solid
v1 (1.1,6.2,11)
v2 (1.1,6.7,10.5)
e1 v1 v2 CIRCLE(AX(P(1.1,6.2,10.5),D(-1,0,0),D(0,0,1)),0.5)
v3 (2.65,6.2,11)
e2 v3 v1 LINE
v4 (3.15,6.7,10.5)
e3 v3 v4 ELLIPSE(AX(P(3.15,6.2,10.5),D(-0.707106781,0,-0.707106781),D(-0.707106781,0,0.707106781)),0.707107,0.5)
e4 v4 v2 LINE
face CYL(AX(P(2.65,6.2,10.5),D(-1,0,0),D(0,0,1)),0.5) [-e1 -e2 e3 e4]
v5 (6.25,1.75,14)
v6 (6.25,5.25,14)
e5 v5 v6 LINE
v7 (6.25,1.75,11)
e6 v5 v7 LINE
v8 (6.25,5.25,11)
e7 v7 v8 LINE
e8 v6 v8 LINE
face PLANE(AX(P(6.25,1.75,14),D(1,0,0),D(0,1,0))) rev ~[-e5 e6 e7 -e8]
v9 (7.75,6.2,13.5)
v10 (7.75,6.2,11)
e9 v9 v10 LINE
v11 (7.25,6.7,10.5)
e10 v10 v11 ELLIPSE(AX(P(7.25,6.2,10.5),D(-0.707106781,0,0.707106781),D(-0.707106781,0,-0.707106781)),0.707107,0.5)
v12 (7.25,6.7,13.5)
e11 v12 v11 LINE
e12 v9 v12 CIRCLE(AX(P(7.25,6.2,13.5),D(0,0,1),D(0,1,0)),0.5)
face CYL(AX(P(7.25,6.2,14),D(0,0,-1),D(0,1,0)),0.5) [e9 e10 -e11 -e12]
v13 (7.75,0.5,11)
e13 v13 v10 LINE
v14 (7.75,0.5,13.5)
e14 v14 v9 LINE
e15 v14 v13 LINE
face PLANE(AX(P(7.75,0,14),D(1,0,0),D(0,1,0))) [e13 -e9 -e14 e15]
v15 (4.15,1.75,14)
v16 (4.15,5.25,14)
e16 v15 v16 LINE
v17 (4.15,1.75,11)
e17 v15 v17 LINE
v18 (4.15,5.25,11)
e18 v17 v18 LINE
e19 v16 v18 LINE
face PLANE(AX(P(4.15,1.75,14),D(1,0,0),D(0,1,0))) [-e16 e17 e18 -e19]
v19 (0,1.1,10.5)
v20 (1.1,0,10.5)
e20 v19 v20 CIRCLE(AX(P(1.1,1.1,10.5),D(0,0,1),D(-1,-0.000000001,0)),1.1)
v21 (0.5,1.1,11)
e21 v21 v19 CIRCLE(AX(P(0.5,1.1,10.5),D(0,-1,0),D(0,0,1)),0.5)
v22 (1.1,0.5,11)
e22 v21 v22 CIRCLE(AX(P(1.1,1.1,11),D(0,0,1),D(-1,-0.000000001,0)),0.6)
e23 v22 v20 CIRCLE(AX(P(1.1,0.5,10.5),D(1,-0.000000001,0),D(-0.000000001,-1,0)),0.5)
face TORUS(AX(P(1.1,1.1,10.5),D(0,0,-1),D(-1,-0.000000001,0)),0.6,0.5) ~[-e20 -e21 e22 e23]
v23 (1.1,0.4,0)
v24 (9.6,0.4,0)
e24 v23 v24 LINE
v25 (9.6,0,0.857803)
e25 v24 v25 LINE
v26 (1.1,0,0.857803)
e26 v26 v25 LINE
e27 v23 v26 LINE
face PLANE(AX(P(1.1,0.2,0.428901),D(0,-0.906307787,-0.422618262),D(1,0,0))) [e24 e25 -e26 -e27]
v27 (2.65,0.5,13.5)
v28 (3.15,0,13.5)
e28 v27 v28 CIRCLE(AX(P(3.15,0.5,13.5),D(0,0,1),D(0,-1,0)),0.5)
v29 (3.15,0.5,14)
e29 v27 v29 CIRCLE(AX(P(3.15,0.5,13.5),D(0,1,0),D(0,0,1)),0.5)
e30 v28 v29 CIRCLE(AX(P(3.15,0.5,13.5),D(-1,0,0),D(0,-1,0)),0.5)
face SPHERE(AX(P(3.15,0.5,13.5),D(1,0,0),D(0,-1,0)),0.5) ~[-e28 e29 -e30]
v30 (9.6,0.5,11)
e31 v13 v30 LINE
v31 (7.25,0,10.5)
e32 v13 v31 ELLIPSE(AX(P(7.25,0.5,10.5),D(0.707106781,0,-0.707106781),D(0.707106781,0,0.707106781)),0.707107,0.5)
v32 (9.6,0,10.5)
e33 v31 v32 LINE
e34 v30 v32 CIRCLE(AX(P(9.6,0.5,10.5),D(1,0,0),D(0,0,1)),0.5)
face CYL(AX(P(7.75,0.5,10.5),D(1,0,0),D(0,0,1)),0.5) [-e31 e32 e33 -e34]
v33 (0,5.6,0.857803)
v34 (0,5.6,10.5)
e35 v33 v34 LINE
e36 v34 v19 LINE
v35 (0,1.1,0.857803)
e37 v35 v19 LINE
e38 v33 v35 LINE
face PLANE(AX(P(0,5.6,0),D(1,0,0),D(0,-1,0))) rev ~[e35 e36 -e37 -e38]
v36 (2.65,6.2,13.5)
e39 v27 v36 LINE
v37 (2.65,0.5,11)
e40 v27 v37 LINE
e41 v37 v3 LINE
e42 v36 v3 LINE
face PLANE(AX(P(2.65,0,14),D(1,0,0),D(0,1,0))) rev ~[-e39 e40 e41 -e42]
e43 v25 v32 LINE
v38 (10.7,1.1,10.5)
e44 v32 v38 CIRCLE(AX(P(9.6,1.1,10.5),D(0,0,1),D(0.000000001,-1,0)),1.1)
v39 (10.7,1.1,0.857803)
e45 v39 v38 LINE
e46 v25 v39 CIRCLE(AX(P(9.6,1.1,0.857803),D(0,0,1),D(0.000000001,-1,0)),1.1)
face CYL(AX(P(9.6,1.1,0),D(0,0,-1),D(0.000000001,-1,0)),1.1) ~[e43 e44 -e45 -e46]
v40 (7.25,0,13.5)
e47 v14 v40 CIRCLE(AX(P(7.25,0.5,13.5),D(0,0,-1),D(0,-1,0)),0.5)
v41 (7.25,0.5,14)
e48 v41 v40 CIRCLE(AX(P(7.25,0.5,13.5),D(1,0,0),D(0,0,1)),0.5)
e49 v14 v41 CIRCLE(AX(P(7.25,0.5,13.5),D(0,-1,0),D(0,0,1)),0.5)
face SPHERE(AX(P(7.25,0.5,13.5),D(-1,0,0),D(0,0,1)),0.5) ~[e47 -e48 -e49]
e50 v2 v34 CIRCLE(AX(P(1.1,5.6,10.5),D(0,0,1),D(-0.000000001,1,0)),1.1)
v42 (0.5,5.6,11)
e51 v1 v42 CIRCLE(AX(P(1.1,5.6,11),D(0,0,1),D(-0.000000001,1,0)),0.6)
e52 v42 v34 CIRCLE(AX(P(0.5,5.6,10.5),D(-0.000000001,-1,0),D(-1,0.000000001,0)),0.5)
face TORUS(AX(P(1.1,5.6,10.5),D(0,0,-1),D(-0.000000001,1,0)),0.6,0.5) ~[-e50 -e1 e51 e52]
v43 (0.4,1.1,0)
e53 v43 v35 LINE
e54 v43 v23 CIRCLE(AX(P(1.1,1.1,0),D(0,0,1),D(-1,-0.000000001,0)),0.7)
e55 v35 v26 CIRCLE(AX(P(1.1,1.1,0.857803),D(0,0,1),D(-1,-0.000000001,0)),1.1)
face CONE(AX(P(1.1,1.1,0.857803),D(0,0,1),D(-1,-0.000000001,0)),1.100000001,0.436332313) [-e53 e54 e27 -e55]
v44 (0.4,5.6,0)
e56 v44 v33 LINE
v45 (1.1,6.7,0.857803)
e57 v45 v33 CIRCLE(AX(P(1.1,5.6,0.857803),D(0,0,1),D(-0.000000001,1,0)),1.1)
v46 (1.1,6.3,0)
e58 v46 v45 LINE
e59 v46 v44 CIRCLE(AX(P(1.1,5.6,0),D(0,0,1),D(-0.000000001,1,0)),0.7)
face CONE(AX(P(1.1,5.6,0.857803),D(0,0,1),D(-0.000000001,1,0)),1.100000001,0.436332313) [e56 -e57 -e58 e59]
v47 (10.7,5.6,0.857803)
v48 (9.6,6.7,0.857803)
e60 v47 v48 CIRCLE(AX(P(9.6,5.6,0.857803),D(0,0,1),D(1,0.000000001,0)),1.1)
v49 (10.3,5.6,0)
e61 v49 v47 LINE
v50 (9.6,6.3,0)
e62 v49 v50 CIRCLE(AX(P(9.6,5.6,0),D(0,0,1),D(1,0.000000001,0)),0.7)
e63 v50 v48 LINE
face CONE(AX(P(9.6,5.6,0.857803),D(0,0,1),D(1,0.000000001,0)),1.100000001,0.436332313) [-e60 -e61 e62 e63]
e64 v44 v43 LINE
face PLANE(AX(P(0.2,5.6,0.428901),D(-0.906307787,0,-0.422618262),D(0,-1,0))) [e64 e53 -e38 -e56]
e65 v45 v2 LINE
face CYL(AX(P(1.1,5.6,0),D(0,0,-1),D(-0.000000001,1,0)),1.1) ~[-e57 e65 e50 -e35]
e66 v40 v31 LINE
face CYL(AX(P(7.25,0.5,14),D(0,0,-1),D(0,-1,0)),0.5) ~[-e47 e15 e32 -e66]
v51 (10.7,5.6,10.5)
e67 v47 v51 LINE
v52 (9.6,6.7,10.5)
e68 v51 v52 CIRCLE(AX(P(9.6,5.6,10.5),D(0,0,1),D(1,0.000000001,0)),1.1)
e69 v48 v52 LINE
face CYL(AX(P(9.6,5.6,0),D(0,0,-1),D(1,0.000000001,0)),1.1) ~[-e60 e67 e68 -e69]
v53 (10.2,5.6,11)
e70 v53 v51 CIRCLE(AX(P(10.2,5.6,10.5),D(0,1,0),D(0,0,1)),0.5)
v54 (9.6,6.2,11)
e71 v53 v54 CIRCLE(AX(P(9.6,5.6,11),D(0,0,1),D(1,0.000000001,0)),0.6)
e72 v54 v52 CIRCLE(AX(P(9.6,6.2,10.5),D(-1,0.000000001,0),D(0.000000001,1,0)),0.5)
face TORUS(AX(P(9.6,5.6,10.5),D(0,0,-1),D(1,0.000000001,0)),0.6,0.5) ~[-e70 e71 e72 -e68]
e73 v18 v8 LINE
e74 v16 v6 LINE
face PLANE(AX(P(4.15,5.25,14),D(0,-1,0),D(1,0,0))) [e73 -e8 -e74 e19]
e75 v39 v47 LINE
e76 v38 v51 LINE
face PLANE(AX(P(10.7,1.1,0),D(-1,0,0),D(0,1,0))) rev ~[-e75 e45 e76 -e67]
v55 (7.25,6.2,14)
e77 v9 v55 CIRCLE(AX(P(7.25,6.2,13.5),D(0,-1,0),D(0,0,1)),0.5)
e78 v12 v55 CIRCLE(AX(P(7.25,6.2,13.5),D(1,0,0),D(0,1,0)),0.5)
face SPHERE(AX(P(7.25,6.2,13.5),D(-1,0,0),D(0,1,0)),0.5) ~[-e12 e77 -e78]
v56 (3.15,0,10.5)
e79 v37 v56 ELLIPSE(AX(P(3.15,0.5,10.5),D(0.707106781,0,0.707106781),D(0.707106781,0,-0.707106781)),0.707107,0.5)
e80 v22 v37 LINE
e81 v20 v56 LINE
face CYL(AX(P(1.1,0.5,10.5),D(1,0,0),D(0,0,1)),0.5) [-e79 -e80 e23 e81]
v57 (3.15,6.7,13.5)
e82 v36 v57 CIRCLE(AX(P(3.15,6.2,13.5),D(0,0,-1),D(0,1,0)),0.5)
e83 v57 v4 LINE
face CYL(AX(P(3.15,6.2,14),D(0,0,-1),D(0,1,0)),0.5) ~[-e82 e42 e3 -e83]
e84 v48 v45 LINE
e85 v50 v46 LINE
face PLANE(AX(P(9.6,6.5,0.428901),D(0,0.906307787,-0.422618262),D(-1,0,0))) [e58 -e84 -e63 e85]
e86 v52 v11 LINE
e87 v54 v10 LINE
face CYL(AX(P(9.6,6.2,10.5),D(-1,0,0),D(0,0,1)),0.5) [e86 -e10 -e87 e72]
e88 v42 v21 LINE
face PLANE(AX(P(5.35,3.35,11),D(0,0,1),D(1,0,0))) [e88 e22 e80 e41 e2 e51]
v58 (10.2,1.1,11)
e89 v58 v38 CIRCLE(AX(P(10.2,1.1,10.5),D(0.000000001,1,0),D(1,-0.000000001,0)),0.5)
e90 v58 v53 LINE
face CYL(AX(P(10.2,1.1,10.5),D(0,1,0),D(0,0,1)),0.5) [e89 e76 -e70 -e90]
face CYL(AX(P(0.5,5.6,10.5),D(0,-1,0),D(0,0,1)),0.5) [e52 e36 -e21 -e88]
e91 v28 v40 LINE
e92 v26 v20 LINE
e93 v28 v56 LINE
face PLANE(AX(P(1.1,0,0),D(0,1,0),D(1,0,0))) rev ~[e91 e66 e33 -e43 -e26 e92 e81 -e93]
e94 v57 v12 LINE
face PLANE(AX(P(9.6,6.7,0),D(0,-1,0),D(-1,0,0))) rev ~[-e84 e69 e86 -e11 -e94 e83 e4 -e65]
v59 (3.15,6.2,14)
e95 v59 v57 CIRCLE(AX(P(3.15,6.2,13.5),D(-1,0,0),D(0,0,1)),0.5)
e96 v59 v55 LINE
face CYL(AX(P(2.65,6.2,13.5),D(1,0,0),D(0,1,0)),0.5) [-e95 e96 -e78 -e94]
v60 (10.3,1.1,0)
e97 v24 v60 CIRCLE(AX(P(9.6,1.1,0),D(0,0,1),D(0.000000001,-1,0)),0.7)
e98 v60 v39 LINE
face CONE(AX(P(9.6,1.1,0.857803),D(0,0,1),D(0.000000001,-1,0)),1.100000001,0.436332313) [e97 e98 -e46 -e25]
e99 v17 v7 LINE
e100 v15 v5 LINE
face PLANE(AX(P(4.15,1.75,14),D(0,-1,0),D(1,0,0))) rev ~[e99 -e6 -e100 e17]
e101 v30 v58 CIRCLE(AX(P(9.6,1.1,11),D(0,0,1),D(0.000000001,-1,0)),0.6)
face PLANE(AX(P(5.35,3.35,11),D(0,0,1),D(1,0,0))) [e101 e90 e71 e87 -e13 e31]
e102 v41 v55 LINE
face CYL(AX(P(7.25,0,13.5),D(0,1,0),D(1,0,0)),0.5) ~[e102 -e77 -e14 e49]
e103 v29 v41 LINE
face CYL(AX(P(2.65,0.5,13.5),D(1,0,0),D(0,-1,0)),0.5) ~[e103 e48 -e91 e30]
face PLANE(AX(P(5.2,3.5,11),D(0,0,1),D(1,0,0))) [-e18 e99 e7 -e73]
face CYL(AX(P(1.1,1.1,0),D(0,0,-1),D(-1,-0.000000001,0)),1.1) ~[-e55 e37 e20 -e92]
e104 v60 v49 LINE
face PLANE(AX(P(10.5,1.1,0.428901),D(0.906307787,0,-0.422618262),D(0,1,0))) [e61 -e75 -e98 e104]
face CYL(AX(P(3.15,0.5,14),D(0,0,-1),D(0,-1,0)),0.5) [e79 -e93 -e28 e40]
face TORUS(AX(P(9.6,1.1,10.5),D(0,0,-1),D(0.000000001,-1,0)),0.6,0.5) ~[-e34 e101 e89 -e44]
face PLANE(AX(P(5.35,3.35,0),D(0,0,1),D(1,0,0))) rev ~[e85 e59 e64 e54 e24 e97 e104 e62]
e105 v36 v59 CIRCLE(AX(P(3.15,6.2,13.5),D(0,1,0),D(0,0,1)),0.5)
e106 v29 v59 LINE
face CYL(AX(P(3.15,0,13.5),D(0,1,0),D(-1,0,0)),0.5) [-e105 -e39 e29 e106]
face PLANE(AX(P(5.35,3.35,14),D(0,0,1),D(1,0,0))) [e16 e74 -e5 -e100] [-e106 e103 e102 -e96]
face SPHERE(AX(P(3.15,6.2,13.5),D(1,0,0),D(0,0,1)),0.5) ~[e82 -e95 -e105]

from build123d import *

# Parameters (mm, degrees)
BOSS_EXTRU_1_DEPTH      = 14
ESQUISSE3_W             = 2.1
ESQUISSE3_H             = 3.5
ENL_V_MAT_EXTRU_1_DEPTH = 3
ESQUISSE4_OUTSIDE_W     = 16.47
ESQUISSE4_OUTSIDE_H     = 12.47
ESQUISSE4_OUTSIDE_W_2   = 5.1
ESQUISSE4_OUTSIDE_H_2   = 6.7
ENL_V_MAT_EXTRU_2_DEPTH = 3
CONG_1_R                = 0.5
CHANFREIN1_SIZE         = 0.4
CHANFREIN1_SIZE2        = 0.857802768


with BuildPart() as part:
    # Esquisse2 → Boss.-Extru.1 (new body)
    with BuildSketch(Plane.XY):
        with BuildLine():
            Line((1.1, 0), (9.6, 0))
            ThreePointArc((9.6, 0), (10.377817459, 0.322182541), (10.7, 1.1))
            Line((10.7, 1.1), (10.7, 5.6))
            ThreePointArc((10.7, 5.6), (10.377817459, 6.377817459), (9.6, 6.7))
            Line((9.6, 6.7), (1.1, 6.7))
            ThreePointArc((1.1, 6.7), (0.322182541, 6.377817459), (0, 5.6))
            Line((0, 5.6), (0, 1.1))
            ThreePointArc((0, 1.1), (0.322182541, 0.322182541), (1.1, 0))
        make_face()
    extrude(amount=BOSS_EXTRU_1_DEPTH)

    # Esquisse3 → Enlèv. mat.-Extru.1 (cut)
    with BuildSketch(Plane.XY.offset(14)):
        with Locations((5.2, 3.5)):
            Rectangle(ESQUISSE3_W, ESQUISSE3_H)
    extrude(amount=-ENL_V_MAT_EXTRU_1_DEPTH, mode=Mode.SUBTRACT)

    # Esquisse4 outside → Enlèv. mat.-Extru.2 (cut)
    with BuildSketch(Plane.XY.offset(14)):
        with Locations((5.35, 3.35)):
            Rectangle(ESQUISSE4_OUTSIDE_W, ESQUISSE4_OUTSIDE_H)
        with Locations((5.2, 3.35)):
            Rectangle(ESQUISSE4_OUTSIDE_W_2, ESQUISSE4_OUTSIDE_H_2, mode=Mode.SUBTRACT)
    extrude(amount=-ENL_V_MAT_EXTRU_2_DEPTH, mode=Mode.SUBTRACT)

    # Congé1
    cong_1_edges = [part.edges().sort_by_distance(p)[0] for p in [
        (5.2, 6.7, 14),
        (5.2, 0, 14),
        (10.7, 3.35, 11),
        (1.875, 6.7, 11),
        (0.322182541, 6.377817459, 11),
        (0, 3.35, 11),
        (0.322182541, 0.322182541, 11),
        (1.875, 0, 11),
        (8.675, 0, 11),
        (10.377817459, 0.322182541, 11),
        (10.377817459, 6.377817459, 11),
        (8.675, 6.7, 11),
        (7.75, 6.7, 12.5),
        (7.75, 3.35, 14),
        (7.75, 0, 12.5),
        (2.65, 0, 12.5),
        (2.65, 3.35, 14),
        (2.65, 6.7, 12.5),
    ]]
    fillet(cong_1_edges, radius=CONG_1_R)

    # Chanfrein1
    chanfrein1_edges = [part.edges().sort_by_distance(p)[0] for p in [
        (5.35, 6.7, 0),
        (10.377817459, 6.377817459, 0),
        (10.7, 3.35, 0),
        (10.377817459, 0.322182541, 0),
        (5.35, 0, 0),
        (0.322182541, 0.322182541, 0),
        (0, 3.35, 0),
        (0.322182541, 6.377817459, 0),
    ]]
    chanfrein1_side = [part.faces().sort_by_distance(p)[0] for p in [
        (5.35, 3.35, 0),
    ]]
    chamfer(chanfrein1_edges, length=CHANFREIN1_SIZE, length2=CHANFREIN1_SIZE2, reference=chanfrein1_side[0])


solid = part.part
